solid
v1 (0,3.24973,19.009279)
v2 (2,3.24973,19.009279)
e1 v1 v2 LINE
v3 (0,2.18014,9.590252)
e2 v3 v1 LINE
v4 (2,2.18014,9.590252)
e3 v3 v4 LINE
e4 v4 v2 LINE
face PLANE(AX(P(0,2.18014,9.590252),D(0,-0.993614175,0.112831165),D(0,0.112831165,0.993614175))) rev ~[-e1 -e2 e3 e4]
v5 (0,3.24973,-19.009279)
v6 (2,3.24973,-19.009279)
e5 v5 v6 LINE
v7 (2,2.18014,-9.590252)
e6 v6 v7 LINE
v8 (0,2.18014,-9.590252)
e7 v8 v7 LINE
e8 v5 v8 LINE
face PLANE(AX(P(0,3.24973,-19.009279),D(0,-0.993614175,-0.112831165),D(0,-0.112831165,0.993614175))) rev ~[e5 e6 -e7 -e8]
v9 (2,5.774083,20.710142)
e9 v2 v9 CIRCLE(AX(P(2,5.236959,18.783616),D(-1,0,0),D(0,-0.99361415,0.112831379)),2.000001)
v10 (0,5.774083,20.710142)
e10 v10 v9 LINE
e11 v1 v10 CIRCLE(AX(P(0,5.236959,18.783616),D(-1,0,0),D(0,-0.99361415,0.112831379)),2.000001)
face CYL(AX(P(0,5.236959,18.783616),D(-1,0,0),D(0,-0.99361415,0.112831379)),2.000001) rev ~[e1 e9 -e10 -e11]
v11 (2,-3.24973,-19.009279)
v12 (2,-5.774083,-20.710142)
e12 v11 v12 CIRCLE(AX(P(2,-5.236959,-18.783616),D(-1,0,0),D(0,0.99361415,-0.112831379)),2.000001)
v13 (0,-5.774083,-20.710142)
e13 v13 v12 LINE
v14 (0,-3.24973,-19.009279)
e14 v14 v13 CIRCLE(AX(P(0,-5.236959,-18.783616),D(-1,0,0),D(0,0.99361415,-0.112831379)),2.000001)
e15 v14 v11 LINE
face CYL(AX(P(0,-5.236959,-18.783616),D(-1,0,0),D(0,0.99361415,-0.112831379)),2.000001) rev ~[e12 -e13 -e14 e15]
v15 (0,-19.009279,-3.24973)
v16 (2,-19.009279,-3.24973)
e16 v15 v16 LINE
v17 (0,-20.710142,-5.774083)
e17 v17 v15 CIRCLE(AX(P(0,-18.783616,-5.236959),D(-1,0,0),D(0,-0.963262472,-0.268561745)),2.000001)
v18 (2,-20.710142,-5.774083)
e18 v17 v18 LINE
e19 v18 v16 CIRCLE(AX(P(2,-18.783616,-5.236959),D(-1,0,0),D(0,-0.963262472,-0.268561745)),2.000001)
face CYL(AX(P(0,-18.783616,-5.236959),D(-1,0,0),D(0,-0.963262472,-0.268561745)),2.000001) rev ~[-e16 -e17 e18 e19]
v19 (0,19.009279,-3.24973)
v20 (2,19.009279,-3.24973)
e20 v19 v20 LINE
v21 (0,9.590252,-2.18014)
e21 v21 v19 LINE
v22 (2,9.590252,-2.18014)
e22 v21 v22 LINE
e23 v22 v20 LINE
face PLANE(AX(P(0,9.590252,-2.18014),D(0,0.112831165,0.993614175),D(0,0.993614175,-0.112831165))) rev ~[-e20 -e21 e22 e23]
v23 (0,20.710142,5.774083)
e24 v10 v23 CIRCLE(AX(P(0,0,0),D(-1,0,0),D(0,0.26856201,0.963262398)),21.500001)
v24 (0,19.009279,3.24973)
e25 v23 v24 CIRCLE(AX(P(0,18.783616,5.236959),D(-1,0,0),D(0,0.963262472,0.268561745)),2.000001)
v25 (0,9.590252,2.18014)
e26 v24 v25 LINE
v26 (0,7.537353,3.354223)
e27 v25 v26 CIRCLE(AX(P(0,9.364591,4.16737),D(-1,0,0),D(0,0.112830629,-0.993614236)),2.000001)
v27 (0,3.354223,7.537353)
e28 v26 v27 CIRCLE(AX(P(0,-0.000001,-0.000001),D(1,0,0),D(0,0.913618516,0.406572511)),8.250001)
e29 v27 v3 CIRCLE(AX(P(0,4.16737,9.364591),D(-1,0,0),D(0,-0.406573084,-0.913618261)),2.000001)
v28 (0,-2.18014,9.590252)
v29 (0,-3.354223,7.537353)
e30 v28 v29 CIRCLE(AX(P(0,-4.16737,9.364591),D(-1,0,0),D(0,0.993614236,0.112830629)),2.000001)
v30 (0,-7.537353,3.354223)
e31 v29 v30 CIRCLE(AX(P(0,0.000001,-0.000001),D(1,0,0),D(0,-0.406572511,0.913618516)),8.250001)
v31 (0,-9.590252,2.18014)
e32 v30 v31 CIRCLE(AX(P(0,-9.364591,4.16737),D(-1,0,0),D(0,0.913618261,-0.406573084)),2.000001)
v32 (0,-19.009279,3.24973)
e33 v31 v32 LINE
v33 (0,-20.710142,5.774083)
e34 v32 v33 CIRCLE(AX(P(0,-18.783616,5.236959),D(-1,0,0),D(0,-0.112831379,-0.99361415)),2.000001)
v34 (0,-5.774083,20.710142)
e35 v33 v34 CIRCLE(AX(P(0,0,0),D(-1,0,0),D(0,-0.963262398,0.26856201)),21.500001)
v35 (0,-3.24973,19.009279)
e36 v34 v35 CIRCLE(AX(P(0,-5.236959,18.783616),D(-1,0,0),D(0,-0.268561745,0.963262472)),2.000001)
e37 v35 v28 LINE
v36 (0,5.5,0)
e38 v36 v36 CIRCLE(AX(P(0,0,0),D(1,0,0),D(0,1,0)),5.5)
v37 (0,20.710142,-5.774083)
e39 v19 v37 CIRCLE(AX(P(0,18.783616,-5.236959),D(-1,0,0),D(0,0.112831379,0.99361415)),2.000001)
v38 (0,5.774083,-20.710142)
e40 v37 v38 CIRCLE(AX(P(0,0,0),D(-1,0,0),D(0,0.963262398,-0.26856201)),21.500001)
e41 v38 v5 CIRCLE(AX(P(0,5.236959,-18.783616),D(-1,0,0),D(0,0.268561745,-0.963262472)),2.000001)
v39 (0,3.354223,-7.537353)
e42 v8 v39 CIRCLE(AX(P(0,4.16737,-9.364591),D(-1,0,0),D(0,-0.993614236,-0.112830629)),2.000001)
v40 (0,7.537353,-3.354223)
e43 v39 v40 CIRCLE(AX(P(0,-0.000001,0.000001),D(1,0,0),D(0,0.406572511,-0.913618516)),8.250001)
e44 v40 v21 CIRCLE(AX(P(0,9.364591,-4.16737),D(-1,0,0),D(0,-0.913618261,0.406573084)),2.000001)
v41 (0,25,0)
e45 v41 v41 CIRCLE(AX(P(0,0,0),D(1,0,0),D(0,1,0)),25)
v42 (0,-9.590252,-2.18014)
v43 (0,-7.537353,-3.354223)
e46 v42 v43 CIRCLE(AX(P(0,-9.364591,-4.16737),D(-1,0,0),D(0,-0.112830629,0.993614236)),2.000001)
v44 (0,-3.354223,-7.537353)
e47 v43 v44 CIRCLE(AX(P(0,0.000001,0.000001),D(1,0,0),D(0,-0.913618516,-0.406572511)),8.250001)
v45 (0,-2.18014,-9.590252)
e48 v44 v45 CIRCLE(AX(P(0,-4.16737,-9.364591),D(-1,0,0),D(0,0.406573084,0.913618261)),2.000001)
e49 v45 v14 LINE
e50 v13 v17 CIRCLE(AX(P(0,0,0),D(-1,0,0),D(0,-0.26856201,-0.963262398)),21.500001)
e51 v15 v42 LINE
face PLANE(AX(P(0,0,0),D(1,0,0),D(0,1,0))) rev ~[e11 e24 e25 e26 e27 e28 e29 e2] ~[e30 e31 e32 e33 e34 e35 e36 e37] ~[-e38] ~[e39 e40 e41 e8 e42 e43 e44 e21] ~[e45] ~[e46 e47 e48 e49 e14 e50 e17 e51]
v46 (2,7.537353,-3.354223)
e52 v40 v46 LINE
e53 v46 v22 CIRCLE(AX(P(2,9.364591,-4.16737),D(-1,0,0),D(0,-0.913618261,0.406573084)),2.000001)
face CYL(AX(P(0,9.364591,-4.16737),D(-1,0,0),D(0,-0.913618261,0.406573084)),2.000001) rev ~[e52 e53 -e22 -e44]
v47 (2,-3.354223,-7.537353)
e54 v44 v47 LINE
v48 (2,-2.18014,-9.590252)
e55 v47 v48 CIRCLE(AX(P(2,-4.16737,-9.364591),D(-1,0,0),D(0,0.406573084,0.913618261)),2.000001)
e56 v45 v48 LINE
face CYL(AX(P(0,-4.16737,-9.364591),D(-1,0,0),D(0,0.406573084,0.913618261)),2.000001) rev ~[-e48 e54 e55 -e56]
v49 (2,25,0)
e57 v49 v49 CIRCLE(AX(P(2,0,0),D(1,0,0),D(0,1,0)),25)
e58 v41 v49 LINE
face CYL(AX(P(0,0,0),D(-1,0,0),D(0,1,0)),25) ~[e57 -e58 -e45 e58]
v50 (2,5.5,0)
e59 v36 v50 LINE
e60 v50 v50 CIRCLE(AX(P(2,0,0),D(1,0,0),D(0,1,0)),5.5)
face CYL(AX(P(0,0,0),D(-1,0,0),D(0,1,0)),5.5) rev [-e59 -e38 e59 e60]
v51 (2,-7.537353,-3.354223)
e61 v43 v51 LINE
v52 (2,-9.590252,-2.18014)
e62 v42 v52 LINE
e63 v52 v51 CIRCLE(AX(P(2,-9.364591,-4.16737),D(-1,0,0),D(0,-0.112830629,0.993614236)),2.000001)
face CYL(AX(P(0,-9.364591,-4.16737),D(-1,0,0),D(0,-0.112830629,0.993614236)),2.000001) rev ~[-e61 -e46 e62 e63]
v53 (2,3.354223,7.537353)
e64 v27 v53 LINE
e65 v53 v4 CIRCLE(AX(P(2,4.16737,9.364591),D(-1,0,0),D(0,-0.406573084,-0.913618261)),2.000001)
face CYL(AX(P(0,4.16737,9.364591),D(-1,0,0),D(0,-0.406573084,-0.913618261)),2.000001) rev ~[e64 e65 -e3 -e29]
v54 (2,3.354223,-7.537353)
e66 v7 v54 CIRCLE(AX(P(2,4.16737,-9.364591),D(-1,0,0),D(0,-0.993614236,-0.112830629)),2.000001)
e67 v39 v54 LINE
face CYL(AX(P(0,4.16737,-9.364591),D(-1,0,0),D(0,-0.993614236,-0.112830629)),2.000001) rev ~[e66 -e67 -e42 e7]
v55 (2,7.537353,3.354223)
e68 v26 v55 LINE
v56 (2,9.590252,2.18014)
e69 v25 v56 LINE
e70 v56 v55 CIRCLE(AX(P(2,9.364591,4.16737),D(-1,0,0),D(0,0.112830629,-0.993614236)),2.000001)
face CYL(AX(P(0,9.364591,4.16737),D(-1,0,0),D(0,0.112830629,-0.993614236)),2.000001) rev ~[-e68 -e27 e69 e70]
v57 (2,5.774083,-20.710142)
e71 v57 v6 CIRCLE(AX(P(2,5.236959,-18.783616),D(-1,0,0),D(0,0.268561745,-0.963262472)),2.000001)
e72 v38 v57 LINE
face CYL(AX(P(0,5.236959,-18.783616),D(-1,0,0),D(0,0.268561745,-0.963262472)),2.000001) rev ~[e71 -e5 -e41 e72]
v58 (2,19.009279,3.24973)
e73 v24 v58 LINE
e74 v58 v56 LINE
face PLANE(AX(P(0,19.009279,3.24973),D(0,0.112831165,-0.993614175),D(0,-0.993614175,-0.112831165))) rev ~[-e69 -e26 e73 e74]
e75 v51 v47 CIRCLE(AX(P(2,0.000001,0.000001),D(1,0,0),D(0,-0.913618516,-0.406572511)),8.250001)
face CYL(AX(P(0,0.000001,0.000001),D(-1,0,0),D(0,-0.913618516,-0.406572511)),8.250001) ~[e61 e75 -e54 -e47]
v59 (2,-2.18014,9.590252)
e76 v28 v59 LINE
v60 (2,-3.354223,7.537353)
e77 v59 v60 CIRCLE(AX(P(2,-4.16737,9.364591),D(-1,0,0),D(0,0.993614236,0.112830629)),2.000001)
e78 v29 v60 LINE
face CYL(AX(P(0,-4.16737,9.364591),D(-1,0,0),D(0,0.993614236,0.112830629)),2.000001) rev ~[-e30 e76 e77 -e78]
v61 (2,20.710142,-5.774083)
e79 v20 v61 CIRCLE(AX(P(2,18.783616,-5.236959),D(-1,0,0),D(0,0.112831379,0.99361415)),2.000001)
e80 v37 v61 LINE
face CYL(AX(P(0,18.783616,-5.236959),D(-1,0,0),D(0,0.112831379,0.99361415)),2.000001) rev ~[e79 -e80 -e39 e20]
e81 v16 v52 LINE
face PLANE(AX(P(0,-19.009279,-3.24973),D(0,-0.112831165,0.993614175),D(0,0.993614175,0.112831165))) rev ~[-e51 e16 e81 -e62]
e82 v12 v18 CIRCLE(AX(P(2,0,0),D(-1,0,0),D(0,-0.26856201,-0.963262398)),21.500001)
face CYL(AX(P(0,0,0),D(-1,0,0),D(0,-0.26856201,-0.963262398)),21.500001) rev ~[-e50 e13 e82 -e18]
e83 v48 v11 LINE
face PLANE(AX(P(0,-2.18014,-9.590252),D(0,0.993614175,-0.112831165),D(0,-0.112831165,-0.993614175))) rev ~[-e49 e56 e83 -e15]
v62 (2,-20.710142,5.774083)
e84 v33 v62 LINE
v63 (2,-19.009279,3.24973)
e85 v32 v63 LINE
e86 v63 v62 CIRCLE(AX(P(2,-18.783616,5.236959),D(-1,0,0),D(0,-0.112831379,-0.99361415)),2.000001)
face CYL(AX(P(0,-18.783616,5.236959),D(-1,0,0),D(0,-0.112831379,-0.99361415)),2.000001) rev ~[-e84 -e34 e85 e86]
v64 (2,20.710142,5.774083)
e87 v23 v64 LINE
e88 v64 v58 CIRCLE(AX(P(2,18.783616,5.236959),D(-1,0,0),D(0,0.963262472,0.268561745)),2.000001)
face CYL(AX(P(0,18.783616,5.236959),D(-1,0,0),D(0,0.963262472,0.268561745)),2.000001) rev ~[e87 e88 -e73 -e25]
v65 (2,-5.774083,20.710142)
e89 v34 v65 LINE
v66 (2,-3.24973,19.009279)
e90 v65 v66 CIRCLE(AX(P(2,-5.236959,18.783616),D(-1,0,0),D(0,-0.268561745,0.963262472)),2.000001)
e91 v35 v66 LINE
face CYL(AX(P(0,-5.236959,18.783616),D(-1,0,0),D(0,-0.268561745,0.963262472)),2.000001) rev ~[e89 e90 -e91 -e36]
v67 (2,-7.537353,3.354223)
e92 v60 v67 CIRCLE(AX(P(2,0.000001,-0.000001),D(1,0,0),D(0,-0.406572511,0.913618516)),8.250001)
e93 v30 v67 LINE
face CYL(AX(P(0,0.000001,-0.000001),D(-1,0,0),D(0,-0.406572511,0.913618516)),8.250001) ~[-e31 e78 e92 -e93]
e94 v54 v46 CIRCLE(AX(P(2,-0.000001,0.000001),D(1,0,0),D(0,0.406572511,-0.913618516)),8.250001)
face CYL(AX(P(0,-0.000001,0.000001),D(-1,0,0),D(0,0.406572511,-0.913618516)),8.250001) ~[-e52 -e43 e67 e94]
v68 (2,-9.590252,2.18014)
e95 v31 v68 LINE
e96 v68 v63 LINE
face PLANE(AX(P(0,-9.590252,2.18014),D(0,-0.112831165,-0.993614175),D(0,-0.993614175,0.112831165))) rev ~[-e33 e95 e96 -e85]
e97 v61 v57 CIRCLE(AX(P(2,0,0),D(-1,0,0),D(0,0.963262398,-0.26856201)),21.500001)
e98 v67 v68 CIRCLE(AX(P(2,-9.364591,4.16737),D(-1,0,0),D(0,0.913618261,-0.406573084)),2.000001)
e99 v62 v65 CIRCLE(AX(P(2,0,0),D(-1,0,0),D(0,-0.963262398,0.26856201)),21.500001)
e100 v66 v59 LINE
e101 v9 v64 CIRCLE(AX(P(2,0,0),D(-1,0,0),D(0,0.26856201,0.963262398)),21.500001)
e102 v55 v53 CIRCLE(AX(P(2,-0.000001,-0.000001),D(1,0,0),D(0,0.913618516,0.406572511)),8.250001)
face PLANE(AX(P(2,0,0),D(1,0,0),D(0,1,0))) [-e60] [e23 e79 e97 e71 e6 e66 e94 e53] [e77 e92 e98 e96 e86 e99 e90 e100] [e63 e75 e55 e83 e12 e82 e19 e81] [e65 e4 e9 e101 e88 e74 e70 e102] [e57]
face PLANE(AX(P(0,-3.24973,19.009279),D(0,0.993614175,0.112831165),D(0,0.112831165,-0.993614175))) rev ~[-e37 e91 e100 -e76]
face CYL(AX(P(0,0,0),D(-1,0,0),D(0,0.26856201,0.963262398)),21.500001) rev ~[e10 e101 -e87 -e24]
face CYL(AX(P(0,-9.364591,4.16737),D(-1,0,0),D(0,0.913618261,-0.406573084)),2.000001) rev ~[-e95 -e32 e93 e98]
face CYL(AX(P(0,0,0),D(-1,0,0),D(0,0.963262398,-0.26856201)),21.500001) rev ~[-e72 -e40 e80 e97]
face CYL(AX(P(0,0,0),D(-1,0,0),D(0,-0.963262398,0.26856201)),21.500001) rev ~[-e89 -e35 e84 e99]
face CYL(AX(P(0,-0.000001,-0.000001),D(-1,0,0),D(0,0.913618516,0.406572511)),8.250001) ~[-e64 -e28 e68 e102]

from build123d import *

# Parameters (mm, degrees)
F0_R     = 25
F0_R_2   = 5.5
F1_DEPTH = 2


with BuildPart() as f1:
    # F0 (on Right) → F1 (new body)
    with BuildSketch(Plane.YZ):
        Circle(F0_R)
        with BuildLine():
            ThreePointArc((-20.710142, -5.774083), (-20.442251, -4.119402), (-19.009279, -3.24973))
            Line((-19.009279, -3.24973), (-9.590252, -2.18014))
            ThreePointArc((-9.590252, -2.18014), (-8.371676, -2.431246), (-7.537353, -3.354223))
            ThreePointArc((-7.537353, -3.354223), (-5.833631, -5.833631), (-3.354223, -7.537353))
            ThreePointArc((-3.354223, -7.537353), (-2.431246, -8.371676), (-2.18014, -9.590252))
            Line((-2.18014, -9.590252), (-3.24973, -19.009279))
            ThreePointArc((-3.24973, -19.009279), (-4.119402, -20.442251), (-5.774083, -20.710142))
            ThreePointArc((-5.774083, -20.710142), (-15.202796, -15.202796), (-20.710142, -5.774083))
        make_face(mode=Mode.SUBTRACT)
        with BuildLine():
            ThreePointArc((5.774083, -20.710142), (4.119402, -20.442251), (3.24973, -19.009279))
            Line((3.24973, -19.009279), (2.18014, -9.590252))
            ThreePointArc((2.18014, -9.590252), (2.431246, -8.371676), (3.354223, -7.537353))
            ThreePointArc((3.354223, -7.537353), (5.833631, -5.833631), (7.537353, -3.354223))
            ThreePointArc((7.537353, -3.354223), (8.371676, -2.431246), (9.590252, -2.18014))
            Line((9.590252, -2.18014), (19.009279, -3.24973))
            ThreePointArc((19.009279, -3.24973), (20.442251, -4.119402), (20.710142, -5.774083))
            ThreePointArc((20.710142, -5.774083), (15.202796, -15.202796), (5.774083, -20.710142))
        make_face(mode=Mode.SUBTRACT)
        with BuildLine():
            ThreePointArc((-20.710142, 5.774083), (-15.202796, 15.202796), (-5.774083, 20.710142))
            ThreePointArc((-5.774083, 20.710142), (-4.119402, 20.442251), (-3.24973, 19.009279))
            Line((-3.24973, 19.009279), (-2.18014, 9.590252))
            ThreePointArc((-2.18014, 9.590252), (-2.431246, 8.371676), (-3.354223, 7.537353))
            ThreePointArc((-3.354223, 7.537353), (-5.833631, 5.833631), (-7.537353, 3.354223))
            ThreePointArc((-7.537353, 3.354223), (-8.371676, 2.431246), (-9.590252, 2.18014))
            Line((-9.590252, 2.18014), (-19.009279, 3.24973))
            ThreePointArc((-19.009279, 3.24973), (-20.442251, 4.119402), (-20.710142, 5.774083))
        make_face(mode=Mode.SUBTRACT)
        Circle(F0_R_2, mode=Mode.SUBTRACT)
        with BuildLine():
            Line((2.18014, 9.590252), (3.24973, 19.009279))
            ThreePointArc((3.24973, 19.009279), (4.119402, 20.442251), (5.774083, 20.710142))
            ThreePointArc((5.774083, 20.710142), (15.202796, 15.202796), (20.710142, 5.774083))
            ThreePointArc((20.710142, 5.774083), (20.442251, 4.119402), (19.009279, 3.24973))
            Line((19.009279, 3.24973), (9.590252, 2.18014))
            ThreePointArc((9.590252, 2.18014), (8.371676, 2.431246), (7.537353, 3.354223))
            ThreePointArc((7.537353, 3.354223), (5.833631, 5.833631), (3.354223, 7.537353))
            ThreePointArc((3.354223, 7.537353), (2.431246, 8.371676), (2.18014, 9.590252))
        make_face(mode=Mode.SUBTRACT)
    extrude(amount=F1_DEPTH)


solid = f1.part
